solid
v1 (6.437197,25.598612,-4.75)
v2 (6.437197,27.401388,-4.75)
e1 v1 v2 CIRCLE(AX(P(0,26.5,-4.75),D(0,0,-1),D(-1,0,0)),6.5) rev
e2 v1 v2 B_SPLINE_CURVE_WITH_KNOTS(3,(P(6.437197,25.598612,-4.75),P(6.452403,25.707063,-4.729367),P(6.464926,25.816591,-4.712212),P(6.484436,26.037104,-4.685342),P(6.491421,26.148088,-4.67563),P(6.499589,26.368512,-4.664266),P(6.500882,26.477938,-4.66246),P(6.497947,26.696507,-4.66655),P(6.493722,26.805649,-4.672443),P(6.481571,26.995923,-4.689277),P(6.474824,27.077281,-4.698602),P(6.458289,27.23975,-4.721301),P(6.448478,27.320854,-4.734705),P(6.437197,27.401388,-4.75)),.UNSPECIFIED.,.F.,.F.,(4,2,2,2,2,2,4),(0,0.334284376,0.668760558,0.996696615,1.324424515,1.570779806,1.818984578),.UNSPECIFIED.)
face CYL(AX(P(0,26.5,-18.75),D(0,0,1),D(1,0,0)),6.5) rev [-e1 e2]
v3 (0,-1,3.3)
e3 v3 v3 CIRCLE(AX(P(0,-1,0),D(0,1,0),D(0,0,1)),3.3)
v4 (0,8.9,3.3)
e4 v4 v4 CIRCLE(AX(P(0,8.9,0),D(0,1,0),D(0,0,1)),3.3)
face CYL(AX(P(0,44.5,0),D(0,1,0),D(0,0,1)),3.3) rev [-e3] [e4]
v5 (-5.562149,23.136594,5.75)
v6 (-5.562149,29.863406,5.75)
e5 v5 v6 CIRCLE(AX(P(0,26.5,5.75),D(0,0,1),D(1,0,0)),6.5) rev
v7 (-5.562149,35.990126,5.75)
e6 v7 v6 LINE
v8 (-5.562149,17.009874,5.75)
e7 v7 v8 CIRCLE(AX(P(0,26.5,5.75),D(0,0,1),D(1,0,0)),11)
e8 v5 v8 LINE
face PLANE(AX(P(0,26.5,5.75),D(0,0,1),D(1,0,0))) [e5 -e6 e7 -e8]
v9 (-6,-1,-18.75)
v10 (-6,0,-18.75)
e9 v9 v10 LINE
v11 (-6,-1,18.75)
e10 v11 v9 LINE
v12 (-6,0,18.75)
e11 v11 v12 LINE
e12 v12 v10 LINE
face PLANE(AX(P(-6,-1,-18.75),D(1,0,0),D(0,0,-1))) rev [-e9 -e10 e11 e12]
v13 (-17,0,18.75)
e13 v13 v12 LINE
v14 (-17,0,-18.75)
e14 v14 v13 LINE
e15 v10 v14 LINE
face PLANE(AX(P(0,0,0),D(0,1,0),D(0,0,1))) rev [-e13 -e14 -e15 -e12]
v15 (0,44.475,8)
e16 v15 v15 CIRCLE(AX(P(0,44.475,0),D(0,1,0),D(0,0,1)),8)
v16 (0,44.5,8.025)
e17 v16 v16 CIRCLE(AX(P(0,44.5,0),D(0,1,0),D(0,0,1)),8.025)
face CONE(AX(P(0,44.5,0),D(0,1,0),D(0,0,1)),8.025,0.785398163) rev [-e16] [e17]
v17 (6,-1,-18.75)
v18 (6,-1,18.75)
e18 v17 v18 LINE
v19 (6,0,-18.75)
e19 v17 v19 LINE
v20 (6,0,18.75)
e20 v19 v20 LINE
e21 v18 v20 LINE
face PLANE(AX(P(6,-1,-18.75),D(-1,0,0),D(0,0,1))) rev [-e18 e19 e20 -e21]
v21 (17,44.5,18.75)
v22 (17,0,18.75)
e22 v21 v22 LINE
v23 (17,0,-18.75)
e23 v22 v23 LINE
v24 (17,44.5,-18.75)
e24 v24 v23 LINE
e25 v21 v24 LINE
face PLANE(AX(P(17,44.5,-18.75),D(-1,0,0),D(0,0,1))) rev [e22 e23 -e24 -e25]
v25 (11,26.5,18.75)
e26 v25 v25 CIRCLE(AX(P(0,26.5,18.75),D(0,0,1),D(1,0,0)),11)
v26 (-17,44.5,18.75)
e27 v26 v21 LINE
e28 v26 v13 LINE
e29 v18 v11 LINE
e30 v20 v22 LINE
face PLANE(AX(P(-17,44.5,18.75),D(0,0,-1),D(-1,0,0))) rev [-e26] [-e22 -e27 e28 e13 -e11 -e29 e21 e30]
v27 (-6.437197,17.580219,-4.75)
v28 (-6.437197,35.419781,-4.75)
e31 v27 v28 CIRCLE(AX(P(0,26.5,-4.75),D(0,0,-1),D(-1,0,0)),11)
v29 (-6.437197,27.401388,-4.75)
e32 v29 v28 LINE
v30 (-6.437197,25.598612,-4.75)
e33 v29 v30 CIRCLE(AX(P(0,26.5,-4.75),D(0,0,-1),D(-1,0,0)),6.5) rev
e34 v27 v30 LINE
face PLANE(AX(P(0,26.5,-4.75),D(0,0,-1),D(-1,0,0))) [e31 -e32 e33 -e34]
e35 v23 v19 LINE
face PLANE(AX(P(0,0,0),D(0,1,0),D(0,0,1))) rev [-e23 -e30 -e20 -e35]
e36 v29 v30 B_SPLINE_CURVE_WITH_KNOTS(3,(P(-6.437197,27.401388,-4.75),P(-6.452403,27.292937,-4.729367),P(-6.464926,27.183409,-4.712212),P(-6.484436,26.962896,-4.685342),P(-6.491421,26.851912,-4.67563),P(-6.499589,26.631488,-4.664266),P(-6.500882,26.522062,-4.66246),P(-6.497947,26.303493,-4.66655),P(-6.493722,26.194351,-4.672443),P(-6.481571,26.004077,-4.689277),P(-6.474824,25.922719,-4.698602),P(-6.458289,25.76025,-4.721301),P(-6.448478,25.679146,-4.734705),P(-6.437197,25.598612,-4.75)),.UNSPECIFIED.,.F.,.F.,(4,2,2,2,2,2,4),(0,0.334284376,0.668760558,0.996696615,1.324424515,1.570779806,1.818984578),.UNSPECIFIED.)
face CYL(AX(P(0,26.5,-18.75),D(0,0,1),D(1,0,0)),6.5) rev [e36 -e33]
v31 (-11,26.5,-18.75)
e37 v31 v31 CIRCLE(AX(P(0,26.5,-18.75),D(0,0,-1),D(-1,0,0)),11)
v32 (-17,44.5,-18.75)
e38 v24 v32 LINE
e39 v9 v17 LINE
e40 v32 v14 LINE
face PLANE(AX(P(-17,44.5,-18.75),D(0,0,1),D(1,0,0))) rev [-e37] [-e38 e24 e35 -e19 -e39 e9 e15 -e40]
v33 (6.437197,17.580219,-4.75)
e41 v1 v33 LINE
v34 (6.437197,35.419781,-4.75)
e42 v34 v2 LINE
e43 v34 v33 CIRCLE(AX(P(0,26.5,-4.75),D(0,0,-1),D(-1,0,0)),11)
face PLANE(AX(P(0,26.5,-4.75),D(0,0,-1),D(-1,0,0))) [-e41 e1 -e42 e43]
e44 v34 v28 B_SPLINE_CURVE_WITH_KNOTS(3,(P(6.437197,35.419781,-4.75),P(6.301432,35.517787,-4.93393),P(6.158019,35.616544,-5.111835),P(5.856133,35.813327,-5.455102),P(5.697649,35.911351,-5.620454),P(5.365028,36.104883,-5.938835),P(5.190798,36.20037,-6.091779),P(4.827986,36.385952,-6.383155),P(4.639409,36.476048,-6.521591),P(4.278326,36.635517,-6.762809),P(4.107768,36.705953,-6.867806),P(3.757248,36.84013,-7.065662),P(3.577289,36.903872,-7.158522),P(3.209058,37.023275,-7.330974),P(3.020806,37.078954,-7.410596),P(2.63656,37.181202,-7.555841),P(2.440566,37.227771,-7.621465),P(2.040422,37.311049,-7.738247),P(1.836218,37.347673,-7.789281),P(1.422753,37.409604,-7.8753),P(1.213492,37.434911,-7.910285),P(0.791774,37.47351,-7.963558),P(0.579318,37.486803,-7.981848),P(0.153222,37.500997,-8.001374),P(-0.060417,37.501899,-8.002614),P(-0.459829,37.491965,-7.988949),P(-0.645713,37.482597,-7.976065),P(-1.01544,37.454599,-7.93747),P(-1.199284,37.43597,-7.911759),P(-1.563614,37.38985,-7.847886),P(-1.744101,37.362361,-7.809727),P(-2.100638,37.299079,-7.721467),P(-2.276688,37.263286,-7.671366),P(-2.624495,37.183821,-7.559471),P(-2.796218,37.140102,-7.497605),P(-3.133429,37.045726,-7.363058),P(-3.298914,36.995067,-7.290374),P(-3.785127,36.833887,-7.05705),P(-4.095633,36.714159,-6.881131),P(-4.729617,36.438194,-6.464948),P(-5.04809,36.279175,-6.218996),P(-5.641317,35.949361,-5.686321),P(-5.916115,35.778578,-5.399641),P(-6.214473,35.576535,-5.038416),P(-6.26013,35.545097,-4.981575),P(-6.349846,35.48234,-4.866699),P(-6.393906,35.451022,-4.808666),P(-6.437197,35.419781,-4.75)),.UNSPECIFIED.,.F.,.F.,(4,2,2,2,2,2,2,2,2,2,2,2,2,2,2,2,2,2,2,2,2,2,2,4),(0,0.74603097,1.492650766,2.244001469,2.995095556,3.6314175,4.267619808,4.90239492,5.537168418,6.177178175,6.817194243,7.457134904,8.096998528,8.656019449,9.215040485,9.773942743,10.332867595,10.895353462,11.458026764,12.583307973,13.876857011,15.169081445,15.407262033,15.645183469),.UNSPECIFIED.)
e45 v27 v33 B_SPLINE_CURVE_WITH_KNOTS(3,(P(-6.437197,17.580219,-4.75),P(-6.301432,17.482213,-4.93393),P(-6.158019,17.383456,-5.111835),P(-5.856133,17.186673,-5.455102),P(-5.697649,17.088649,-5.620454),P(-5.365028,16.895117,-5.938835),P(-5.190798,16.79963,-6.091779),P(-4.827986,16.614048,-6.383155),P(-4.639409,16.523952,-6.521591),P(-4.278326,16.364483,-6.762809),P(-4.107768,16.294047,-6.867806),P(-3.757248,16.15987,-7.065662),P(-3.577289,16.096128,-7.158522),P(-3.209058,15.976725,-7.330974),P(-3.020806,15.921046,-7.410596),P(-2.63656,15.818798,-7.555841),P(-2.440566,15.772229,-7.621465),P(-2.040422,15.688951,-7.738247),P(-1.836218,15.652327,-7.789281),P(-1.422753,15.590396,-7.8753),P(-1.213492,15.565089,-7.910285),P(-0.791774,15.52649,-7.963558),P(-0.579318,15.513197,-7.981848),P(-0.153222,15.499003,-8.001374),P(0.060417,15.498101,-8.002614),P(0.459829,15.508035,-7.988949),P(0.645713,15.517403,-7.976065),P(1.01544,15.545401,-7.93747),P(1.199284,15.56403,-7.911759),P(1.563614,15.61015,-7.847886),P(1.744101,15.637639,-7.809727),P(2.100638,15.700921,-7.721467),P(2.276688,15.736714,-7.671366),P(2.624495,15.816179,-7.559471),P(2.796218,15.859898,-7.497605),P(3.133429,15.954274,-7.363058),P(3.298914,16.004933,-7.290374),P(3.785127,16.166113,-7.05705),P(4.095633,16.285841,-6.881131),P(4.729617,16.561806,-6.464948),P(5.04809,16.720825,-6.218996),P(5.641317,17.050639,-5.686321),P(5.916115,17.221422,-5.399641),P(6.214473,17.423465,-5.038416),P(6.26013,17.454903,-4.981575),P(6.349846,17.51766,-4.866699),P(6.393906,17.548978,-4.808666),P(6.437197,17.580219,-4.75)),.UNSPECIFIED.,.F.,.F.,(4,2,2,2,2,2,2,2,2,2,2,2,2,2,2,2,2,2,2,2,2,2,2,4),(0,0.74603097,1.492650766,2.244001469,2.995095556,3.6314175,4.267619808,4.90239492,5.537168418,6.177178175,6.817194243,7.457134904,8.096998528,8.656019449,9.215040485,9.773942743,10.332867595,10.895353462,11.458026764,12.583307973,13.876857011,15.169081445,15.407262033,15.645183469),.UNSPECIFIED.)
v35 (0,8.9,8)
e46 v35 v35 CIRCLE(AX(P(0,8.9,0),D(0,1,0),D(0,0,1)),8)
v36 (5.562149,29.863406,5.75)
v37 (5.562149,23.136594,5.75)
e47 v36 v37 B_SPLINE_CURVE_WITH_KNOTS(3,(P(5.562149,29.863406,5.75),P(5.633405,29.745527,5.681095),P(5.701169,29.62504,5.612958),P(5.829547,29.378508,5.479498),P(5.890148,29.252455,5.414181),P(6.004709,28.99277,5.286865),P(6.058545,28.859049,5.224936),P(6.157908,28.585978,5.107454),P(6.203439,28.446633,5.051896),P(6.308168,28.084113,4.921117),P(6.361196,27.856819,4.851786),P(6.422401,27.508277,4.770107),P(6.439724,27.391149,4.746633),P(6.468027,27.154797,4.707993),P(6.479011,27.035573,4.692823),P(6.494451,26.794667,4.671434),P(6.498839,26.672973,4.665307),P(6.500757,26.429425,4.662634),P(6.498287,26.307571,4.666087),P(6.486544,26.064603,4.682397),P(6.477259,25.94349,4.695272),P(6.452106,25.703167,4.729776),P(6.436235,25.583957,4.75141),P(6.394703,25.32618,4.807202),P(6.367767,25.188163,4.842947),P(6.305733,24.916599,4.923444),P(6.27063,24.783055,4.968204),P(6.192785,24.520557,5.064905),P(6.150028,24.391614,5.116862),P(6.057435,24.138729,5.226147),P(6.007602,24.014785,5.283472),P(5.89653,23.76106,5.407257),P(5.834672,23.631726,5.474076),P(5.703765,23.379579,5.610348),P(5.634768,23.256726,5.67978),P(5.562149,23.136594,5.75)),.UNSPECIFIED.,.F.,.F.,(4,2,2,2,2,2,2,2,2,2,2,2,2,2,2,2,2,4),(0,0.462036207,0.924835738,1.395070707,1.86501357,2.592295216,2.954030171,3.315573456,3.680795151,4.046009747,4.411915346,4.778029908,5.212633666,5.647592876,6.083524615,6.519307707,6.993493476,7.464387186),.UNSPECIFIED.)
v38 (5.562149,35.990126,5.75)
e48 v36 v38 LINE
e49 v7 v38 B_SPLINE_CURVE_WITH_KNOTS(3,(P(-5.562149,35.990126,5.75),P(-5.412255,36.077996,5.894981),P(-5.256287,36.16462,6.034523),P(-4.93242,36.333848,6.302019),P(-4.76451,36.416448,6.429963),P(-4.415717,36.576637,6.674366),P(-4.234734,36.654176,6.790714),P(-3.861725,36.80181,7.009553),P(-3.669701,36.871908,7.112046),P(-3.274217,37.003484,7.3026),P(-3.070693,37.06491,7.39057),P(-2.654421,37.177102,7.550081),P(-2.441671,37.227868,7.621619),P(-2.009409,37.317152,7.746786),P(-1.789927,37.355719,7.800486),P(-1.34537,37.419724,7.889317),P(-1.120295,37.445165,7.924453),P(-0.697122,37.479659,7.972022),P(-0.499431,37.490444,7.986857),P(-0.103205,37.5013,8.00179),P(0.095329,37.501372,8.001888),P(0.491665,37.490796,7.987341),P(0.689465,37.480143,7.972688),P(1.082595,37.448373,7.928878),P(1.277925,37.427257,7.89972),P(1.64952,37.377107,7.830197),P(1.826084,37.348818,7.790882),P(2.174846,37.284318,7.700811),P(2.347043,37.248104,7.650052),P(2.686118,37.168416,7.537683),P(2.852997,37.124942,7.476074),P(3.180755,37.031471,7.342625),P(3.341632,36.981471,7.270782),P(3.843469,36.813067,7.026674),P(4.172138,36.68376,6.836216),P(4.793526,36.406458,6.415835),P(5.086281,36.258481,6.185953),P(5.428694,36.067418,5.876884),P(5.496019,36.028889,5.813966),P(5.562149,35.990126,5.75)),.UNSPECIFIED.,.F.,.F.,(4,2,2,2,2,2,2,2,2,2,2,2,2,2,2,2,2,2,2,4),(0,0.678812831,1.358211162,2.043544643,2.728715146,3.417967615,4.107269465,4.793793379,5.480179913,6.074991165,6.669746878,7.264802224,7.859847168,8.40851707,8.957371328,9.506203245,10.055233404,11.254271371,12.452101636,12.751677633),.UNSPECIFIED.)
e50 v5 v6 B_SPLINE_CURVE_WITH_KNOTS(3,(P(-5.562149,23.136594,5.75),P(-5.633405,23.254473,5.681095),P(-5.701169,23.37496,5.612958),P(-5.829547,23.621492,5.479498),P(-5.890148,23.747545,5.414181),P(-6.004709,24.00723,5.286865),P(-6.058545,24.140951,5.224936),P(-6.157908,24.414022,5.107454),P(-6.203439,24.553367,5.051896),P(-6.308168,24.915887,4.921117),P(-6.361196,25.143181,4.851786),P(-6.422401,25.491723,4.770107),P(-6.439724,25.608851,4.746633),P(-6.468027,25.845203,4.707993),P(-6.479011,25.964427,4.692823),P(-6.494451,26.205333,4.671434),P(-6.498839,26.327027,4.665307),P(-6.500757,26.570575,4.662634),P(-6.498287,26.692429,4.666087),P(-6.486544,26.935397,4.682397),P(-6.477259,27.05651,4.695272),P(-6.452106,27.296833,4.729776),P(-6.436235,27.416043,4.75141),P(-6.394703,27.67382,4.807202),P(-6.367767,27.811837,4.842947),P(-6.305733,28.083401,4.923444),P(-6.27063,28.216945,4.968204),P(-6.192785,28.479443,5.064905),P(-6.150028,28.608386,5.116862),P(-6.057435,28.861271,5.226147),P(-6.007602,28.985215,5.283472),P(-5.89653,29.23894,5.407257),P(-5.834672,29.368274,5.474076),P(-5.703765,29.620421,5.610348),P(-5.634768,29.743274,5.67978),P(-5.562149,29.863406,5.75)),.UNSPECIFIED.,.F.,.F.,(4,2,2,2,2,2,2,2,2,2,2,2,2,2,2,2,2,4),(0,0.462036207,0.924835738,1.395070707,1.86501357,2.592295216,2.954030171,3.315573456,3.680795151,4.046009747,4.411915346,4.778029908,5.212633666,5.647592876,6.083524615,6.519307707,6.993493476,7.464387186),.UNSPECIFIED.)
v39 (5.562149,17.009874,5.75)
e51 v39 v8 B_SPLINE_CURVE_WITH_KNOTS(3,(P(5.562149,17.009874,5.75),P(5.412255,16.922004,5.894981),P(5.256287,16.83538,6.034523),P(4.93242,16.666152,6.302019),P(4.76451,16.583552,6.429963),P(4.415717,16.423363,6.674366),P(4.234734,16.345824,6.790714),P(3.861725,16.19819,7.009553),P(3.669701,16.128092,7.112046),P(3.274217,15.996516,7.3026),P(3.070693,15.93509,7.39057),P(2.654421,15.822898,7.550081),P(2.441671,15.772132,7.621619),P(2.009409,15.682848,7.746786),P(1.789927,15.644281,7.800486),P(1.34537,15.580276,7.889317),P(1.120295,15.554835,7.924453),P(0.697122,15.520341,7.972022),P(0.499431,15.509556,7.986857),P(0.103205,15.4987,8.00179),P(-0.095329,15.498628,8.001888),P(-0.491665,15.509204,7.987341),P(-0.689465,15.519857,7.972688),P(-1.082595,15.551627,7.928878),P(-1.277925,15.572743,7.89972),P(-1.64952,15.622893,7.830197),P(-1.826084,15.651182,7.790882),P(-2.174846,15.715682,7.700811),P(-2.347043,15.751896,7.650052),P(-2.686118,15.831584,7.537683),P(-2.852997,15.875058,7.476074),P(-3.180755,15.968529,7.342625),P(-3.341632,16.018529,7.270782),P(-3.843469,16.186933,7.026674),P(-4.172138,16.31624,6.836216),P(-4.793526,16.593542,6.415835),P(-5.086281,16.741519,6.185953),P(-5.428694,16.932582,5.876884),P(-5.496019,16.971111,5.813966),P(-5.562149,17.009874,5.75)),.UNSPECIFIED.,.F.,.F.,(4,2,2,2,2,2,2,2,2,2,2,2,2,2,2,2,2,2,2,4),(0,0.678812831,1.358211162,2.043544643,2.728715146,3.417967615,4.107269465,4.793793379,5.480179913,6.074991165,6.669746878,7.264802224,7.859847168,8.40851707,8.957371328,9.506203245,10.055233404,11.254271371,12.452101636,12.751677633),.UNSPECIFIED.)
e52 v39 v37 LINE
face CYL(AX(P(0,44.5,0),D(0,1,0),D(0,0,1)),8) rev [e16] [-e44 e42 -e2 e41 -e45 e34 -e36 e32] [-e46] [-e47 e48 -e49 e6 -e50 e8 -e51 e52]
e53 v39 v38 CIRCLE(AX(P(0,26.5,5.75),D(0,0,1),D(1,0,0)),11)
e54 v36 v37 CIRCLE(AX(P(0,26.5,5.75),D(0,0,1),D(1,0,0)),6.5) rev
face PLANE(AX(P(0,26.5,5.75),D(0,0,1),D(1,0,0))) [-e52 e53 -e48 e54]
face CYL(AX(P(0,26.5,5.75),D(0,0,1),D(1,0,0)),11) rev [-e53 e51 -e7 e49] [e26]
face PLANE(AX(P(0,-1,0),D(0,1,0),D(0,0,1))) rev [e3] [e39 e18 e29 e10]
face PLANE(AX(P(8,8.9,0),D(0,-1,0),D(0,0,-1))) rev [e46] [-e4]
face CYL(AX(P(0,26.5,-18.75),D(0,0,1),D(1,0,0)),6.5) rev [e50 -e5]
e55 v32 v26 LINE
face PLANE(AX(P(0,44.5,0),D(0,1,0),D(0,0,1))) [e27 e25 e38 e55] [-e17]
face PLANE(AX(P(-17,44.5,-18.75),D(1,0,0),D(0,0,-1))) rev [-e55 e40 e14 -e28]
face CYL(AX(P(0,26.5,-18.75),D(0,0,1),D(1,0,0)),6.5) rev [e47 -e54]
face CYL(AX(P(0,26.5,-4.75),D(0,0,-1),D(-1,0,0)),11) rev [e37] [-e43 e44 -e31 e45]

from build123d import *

# Parameters (mm, degrees)
SKETCH_1_W             = 34
SKETCH_1_H             = 37.5
EXTRUDE_282_DEPTH      = 44.5
SKETCH_2_W             = 12
SKETCH_2_H             = 37.5
EXTRUDE_458_DEPTH      = 1
SKETCH_3_R             = 6.5
CUT_EXTRUDE_1_DEPTH    = 61.625902055
SKETCH_4_R             = 11
CUT_EXTRUDE_843_DEPTH  = 13
CUT_EXTRUDE_START      = -14
SKETCH_5_R             = 11
CUT_EXTRUDE_1029_DEPTH = 14


with BuildPart() as part:
    # Эскиз1 → Extrude 282 (new body)
    with BuildSketch(Plane(origin=(0, 0, 0), x_dir=(1, 0, 0), z_dir=(0, 1, 0))):
        Rectangle(SKETCH_1_W, SKETCH_1_H)
    extrude(amount=EXTRUDE_282_DEPTH)

    # Эскиз2 → Extrude 458 (add)
    with BuildSketch(Plane.XZ):
        Rectangle(SKETCH_2_W, SKETCH_2_H)
    extrude(amount=EXTRUDE_458_DEPTH)

    # Эскиз3 → Вырез-Вытянуть1 (cut, through all)
    with BuildSketch(Plane.XY.offset(18.75)):
        with Locations((0, 26.5)):
            Circle(SKETCH_3_R)
    extrude(amount=-CUT_EXTRUDE_1_DEPTH, mode=Mode.SUBTRACT)

    # Эскиз4 → Cut-Extrude 843 (cut)
    with BuildSketch(Plane.XY.offset(18.75)):
        with Locations((0, 26.5)):
            Circle(SKETCH_4_R)
    extrude(amount=-CUT_EXTRUDE_843_DEPTH, mode=Mode.SUBTRACT)

    # Эскиз5 → Cut-Extrude 1029 (cut)
    with BuildSketch(Plane(origin=(0, 0, -18.75), x_dir=(-1, 0, 0), z_dir=(0, 0, -1)).offset(CUT_EXTRUDE_START)):
        with Locations(Location((0, 26.5, 0), (0, 0, 180))):
            Circle(SKETCH_5_R)
    extrude(amount=CUT_EXTRUDE_1029_DEPTH, mode=Mode.SUBTRACT)

    # Эскиз7 → К профилю M6 (revolve, cut)
    with BuildSketch(Plane(origin=(0, 44.5, 0), x_dir=(0, 0, 1), z_dir=(1, 0, 0))):
        Polygon((0, 0), (0, 45.5), (3.3, 45.5), (3.3, 35.6), (8, 35.6), (8, 0.025), (8.025, 0), align=None)
    revolve(axis=Axis((0, 50.85, 0), (0, -1, 0)), mode=Mode.SUBTRACT)


solid = part.part
